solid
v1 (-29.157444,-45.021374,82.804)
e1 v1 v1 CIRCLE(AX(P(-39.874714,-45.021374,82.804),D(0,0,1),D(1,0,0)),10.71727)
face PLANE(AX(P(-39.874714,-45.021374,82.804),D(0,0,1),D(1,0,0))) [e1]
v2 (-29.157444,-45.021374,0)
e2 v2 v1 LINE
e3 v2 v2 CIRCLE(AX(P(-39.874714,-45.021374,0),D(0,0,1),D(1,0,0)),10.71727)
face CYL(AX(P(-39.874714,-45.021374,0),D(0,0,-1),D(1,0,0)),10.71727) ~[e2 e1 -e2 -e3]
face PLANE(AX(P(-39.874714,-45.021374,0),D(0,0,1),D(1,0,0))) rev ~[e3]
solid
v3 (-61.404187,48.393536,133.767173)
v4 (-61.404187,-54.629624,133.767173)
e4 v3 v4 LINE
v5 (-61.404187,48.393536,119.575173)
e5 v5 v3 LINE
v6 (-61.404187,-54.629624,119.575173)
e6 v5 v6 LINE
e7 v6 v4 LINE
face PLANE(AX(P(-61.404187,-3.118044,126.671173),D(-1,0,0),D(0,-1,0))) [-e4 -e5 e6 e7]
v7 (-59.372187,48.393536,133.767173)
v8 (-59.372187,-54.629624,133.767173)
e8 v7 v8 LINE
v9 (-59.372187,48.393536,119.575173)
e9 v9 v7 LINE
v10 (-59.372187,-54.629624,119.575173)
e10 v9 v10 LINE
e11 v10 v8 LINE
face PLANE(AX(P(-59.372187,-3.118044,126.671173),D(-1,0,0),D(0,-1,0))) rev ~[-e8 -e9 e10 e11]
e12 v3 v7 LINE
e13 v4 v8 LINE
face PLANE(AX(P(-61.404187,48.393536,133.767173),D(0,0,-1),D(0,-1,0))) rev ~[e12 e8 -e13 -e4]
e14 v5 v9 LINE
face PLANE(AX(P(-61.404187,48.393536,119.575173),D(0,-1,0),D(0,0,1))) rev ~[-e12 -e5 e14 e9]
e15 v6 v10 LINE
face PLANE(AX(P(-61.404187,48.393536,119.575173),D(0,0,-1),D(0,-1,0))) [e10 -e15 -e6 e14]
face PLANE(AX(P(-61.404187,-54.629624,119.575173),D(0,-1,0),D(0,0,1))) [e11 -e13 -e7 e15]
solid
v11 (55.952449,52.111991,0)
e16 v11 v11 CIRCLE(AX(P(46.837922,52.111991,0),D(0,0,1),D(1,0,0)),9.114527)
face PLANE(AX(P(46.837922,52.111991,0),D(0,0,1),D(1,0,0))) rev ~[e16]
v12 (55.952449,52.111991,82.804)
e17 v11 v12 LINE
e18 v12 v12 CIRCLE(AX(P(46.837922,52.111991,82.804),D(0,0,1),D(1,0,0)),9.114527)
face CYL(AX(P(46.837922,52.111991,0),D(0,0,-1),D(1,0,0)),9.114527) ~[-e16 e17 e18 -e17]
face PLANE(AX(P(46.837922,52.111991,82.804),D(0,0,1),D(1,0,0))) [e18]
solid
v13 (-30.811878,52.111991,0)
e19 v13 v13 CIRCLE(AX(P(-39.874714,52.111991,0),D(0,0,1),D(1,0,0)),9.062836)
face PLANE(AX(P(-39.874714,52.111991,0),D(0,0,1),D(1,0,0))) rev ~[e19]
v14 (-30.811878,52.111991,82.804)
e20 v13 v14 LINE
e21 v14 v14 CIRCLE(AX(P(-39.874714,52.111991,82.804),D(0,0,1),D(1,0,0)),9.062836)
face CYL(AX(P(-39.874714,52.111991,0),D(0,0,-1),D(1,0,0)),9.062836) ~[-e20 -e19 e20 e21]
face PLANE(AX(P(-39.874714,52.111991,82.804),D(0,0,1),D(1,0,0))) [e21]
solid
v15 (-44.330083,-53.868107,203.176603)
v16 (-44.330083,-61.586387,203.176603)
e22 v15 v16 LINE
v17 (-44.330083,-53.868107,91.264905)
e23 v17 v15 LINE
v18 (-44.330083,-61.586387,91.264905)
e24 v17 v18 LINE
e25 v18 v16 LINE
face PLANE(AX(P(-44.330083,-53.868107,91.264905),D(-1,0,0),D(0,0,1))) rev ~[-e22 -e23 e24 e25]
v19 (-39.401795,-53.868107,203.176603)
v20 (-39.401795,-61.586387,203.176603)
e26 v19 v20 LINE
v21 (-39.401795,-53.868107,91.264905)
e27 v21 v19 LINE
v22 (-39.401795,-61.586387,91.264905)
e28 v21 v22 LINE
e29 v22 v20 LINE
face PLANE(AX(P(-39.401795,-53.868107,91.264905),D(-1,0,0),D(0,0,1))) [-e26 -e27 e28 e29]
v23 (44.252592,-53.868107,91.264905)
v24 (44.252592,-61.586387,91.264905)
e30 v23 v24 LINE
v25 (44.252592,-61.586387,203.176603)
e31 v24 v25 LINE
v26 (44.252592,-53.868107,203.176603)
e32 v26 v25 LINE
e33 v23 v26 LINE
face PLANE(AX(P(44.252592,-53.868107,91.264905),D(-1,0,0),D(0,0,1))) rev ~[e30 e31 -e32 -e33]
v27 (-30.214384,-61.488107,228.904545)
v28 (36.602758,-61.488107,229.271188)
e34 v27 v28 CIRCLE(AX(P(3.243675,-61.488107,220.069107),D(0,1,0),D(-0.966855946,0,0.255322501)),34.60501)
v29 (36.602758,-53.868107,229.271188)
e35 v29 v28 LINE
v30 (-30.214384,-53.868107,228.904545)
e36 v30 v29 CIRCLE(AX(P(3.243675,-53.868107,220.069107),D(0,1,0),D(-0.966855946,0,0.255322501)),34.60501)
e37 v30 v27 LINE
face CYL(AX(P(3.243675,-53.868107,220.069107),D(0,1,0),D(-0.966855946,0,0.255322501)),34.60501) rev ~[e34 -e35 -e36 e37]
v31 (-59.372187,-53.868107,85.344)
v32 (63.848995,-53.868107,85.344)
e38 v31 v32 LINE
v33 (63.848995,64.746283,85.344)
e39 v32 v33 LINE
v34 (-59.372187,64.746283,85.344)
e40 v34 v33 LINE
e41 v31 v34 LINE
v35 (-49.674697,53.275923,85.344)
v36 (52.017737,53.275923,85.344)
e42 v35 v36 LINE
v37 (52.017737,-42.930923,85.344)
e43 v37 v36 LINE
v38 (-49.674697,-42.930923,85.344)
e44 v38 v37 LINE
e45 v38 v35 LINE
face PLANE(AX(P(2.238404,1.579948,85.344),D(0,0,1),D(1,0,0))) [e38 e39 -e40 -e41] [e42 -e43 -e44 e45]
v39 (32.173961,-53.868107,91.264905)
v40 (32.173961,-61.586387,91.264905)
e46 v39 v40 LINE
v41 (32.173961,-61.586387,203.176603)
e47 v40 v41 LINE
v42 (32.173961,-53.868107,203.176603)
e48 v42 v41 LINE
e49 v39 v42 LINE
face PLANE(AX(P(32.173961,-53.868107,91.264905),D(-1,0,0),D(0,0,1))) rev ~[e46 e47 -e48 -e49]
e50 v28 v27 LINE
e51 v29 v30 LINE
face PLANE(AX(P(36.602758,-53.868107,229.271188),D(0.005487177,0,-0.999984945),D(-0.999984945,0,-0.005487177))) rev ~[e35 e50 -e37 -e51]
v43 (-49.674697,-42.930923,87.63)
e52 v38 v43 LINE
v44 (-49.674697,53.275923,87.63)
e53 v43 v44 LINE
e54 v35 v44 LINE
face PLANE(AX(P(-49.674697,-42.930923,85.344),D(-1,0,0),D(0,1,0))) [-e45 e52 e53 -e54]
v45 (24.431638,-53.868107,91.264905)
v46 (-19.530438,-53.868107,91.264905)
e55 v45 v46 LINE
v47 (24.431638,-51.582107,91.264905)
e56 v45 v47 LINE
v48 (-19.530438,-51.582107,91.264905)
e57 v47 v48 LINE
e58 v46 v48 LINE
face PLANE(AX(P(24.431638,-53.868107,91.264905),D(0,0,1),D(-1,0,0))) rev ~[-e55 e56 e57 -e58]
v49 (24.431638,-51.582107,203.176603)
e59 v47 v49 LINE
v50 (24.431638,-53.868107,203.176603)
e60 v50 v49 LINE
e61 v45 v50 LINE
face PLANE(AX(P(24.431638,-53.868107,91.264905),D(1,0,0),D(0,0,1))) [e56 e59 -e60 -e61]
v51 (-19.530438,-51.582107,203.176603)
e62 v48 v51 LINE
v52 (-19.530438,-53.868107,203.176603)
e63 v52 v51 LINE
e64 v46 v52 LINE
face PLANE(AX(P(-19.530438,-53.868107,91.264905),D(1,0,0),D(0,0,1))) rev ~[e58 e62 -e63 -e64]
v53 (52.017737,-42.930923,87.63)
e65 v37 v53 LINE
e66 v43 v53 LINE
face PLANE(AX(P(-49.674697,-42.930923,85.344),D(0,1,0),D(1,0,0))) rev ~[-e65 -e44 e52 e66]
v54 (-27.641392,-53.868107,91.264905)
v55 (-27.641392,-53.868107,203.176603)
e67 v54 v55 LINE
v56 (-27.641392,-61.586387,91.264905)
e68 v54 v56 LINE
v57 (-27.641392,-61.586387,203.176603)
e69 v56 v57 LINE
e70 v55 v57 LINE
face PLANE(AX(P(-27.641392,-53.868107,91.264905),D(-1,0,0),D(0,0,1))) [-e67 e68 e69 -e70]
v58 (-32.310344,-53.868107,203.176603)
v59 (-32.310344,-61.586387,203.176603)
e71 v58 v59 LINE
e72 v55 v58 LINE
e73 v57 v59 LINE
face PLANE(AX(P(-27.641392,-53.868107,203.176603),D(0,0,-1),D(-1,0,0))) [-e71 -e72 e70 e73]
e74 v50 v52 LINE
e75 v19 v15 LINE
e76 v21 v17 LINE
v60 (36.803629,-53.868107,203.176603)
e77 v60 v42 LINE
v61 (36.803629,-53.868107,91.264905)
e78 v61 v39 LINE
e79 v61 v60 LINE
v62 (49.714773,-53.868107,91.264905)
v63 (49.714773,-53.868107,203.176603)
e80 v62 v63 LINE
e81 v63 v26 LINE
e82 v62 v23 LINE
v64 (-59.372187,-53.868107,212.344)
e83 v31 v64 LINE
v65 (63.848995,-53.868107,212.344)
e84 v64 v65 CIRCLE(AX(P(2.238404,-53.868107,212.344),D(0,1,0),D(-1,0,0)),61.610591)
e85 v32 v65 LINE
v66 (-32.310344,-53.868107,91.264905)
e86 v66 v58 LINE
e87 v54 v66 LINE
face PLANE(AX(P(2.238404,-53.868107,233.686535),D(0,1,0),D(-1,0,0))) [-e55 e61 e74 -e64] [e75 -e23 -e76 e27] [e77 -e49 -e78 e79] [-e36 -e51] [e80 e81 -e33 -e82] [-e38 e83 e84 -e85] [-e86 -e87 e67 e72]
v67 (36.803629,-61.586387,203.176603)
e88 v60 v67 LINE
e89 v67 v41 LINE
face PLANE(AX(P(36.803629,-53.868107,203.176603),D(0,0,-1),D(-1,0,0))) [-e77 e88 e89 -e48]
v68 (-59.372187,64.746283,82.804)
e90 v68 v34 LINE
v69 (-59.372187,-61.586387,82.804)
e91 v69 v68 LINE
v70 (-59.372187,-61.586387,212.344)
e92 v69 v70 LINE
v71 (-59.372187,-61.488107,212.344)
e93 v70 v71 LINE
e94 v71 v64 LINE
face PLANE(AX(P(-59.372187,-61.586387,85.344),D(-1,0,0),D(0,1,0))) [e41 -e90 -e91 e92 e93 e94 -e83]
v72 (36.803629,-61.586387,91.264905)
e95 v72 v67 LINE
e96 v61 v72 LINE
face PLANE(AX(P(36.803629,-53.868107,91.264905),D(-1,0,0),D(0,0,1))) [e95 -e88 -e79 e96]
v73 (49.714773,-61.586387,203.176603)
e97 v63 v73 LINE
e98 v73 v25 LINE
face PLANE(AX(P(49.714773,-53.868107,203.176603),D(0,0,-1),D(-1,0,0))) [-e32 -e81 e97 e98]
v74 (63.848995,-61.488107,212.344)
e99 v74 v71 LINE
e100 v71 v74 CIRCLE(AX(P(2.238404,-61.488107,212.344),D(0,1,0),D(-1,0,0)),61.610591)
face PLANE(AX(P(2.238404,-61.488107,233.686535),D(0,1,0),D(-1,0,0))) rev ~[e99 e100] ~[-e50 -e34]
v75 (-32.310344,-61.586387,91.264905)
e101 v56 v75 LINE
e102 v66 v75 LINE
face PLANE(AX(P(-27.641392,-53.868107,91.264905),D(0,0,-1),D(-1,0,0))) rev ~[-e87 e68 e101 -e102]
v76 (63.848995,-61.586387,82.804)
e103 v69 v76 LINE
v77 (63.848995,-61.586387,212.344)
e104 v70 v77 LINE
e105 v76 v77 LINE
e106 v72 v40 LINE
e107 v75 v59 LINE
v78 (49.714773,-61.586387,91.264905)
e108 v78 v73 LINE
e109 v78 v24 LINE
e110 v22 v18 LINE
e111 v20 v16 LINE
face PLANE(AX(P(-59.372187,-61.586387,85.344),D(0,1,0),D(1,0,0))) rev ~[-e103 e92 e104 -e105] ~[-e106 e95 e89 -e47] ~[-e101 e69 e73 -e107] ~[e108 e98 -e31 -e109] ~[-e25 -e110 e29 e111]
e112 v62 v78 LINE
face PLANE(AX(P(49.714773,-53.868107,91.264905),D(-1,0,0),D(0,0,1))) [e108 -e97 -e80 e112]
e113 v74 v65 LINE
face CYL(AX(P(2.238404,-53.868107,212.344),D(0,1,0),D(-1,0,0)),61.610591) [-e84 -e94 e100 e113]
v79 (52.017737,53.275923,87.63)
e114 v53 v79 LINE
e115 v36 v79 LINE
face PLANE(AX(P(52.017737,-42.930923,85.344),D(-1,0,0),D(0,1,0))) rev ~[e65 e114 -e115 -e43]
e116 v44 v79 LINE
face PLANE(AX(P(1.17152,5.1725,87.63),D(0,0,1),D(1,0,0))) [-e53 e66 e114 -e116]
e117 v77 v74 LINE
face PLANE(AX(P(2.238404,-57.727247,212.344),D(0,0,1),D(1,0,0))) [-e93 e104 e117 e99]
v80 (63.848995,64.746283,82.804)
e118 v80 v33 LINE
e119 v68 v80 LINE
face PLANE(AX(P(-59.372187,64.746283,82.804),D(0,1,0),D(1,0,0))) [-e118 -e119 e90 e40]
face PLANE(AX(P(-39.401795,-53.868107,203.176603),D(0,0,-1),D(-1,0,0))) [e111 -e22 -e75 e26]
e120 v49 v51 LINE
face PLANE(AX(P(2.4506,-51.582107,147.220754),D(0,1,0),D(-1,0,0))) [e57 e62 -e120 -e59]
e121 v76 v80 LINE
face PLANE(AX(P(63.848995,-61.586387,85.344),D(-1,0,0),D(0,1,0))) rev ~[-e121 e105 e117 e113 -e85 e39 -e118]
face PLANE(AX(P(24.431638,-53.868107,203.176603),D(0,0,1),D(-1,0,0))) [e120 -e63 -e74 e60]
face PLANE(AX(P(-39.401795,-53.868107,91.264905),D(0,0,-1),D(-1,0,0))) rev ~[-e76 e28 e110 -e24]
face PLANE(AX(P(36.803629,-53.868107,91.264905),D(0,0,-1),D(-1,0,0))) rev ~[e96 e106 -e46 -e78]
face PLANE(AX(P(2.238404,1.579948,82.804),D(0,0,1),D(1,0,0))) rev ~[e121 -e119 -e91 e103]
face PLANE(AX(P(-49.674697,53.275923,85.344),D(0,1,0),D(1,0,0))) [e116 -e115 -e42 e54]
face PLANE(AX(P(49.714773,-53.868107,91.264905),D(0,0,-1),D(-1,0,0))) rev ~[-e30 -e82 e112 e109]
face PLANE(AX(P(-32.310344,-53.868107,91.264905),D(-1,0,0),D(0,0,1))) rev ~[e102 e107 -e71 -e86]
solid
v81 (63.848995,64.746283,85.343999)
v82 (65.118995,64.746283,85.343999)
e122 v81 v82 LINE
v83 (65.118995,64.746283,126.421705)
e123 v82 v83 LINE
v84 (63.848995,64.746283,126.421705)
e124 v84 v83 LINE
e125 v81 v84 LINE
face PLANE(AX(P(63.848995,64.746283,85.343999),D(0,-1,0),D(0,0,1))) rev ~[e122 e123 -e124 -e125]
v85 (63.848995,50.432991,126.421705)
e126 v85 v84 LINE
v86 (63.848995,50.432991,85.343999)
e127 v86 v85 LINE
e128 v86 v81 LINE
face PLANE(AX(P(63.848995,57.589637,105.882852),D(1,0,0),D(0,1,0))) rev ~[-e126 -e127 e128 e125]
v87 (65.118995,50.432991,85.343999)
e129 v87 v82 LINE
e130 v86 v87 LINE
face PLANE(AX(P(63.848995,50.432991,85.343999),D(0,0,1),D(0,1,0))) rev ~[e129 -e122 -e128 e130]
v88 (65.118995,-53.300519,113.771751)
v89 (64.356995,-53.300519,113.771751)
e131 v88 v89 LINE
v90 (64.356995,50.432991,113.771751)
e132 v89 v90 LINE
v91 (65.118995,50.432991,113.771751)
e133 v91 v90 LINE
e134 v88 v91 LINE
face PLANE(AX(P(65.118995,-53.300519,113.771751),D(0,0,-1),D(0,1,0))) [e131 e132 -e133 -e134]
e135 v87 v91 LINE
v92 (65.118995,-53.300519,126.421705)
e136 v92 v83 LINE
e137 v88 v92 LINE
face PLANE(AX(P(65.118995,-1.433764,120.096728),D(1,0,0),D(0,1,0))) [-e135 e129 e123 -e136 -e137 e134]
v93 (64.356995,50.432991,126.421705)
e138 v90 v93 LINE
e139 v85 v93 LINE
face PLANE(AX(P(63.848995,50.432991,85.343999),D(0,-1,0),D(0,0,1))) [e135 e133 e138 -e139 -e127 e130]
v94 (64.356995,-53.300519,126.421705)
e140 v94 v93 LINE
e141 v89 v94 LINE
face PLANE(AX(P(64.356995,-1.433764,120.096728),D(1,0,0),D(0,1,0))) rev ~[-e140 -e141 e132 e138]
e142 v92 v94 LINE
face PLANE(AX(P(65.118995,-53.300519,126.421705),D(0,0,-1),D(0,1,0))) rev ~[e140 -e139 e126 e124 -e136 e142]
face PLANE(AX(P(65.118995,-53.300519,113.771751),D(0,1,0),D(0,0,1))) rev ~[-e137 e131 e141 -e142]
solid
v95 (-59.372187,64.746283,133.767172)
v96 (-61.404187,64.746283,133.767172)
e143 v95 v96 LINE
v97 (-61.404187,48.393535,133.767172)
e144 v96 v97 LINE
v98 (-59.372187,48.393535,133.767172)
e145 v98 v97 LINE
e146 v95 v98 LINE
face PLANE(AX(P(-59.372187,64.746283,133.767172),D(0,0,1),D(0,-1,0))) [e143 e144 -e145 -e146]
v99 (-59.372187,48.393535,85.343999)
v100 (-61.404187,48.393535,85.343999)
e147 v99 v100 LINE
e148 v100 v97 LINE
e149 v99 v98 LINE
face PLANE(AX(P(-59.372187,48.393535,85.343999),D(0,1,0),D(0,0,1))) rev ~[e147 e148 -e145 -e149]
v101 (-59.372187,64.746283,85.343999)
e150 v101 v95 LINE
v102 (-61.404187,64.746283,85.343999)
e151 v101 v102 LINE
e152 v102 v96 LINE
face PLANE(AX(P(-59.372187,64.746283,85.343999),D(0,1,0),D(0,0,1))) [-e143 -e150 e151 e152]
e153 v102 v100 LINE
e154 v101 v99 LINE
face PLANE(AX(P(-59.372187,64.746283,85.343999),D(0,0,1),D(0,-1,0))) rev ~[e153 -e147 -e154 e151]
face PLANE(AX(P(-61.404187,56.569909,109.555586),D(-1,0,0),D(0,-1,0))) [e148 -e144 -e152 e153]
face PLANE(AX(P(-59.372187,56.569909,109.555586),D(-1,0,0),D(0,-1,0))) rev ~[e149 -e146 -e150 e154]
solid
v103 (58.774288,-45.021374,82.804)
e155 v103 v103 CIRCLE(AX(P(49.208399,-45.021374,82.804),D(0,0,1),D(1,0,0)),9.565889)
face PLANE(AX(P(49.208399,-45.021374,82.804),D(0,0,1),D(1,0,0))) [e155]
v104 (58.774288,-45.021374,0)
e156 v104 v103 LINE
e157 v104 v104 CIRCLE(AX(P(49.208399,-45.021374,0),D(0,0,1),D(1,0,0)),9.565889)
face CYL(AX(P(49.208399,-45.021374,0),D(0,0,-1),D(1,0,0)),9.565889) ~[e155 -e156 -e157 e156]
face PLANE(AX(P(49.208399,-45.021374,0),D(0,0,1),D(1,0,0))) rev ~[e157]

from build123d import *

# Parameters (mm, degrees)
F0_R      = 9.062836
F0_R_2    = 10.71727
F0_R_3    = 9.565889
F0_R_4    = 9.114527
F1_DEPTH  = 82.804
F2_W      = 111.410721
F2_H      = 195.24283
F3_DEPTH  = 3.556
F5_W      = 90.162061
F5_H      = 141.660735
F6_DEPTH  = 2.032
F8_W      = 123.221182
F8_H      = 126.33267
F9_DEPTH  = 2.54
F10_W     = 123.221182
F10_H     = 7.71828
F11_DEPTH = 127
F12_W     = 5.462181
F12_H     = 111.911699
F13_DEPTH = 25.4
F14_W     = 4.629668
F14_H     = 111.911699
F15_DEPTH = 25.4
F16_W     = 4.928287
F16_H     = 111.911699
F17_DEPTH = 25.4
F18_W     = 4.668951
F18_H     = 111.911699
F19_DEPTH = 25.4
F20_W     = 14.313292
F20_H     = 41.077705
F21_DEPTH = 1.27
F22_W     = 103.73351
F22_H     = 12.649953
F23_DEPTH = 0.762
F24_W     = 16.352747
F24_H     = 48.423173
F25_DEPTH = 2.032
F26_W     = 103.02316
F26_H     = 14.192
F27_DEPTH = 2.032
F29_DEPTH = 7.62
F31_DEPTH = 25.4
F32_W     = 101.692434
F32_H     = 96.206847
F33_DEPTH = 2.286
F34_W     = 43.962076
F34_H     = 111.911699
F35_DEPTH = 2.286


with BuildPart() as f1:
    # F0 (on Top) → F1 (new body)
    with BuildSketch(Plane.XY):
        with Locations((-39.874714, 52.111991)):
            Circle(F0_R)
        with Locations((-39.874714, -45.021374)):
            Circle(F0_R_2)
        with Locations((49.208399, -45.021374)):
            Circle(F0_R_3)
        with Locations((46.837922, 52.111991)):
            Circle(F0_R_4)
    extrude(amount=F1_DEPTH)


with BuildPart() as f3:
    # F2 (on Top) → F3 (new body)
    with BuildSketch(Plane.XY):
        with Locations((67.96772, 198.11162)):
            Rectangle(F2_W, F2_H)
    extrude(amount=F3_DEPTH)


with BuildPart() as f6:
    # F5 (on Top) → F6 (new body)
    with BuildSketch(Plane.XY):
        with Locations((151.967335, 70.830367)):
            Rectangle(F5_W, F5_H)
    extrude(amount=F6_DEPTH)


with BuildPart() as f9:
    # F8 (on face) → F9 (new body)
    with BuildSketch(Plane.XY.offset(82.804)):
        with Locations((2.238404, 1.579948)):
            Rectangle(F8_W, F8_H)
    extrude(amount=F9_DEPTH)

    # F10 (on face) → F11 (join)
    with BuildSketch(Plane.XY.offset(85.344)):
        with Locations((2.238404, -57.727247)):
            Rectangle(F10_W, F10_H)
    extrude(amount=F11_DEPTH)

    # F12 (on face) → F13 (cut)
    with BuildSketch(Plane(origin=(0, -53.868107, 0), x_dir=(-1, 0, 0), z_dir=(0, 1, 0))):
        with Locations((-46.983683, 147.220754)):
            Rectangle(F12_W, F12_H)
    extrude(amount=-F13_DEPTH, mode=Mode.SUBTRACT)

    # F14 (on face) → F15 (cut)
    with BuildSketch(Plane(origin=(0, -53.868107, 0), x_dir=(-1, 0, 0), z_dir=(0, 1, 0))):
        with Locations((-34.488795, 147.220754)):
            Rectangle(F14_W, F14_H)
    extrude(amount=-F15_DEPTH, mode=Mode.SUBTRACT)

    # F16 (on face) → F17 (cut)
    with BuildSketch(Plane(origin=(0, -53.868107, 0), x_dir=(-1, 0, 0), z_dir=(0, 1, 0))):
        with Locations((41.865939, 147.220754)):
            Rectangle(F16_W, F16_H)
    extrude(amount=-F17_DEPTH, mode=Mode.SUBTRACT)

    # F18 (on face) → F19 (cut)
    with BuildSketch(Plane(origin=(0, -53.868107, 0), x_dir=(-1, 0, 0), z_dir=(0, 1, 0))):
        with Locations((29.975868, 147.220754)):
            Rectangle(F18_W, F18_H)
    extrude(amount=-F19_DEPTH, mode=Mode.SUBTRACT)

    # F28 (on face) → F29 (join)
    with BuildSketch(Plane(origin=(0, -53.868107, 0), x_dir=(-1, 0, 0), z_dir=(0, 1, 0))):
        with BuildLine():
            Line((-63.848995, 212.344), (59.372187, 212.344))
            ThreePointArc((59.372187, 212.344), (-2.238404, 273.954591), (-63.848995, 212.344))
        make_face()
    extrude(amount=-F29_DEPTH)

    # F30 (on face) → F31 (cut)
    with BuildSketch(Plane(origin=(0, -53.868107, 0), x_dir=(-1, 0, 0), z_dir=(0, 1, 0))):
        with BuildLine():
            Line((-36.602758, 229.271188), (30.214384, 228.904545))
            ThreePointArc((30.214384, 228.904545), (-3.053791, 254.673596), (-36.602758, 229.271188))
        make_face()
    extrude(amount=-F31_DEPTH, mode=Mode.SUBTRACT)

    # F32 (on face) → F33 (join)
    with BuildSketch(Plane.XY.offset(85.344)):
        with Locations((1.17152, 5.1725)):
            Rectangle(F32_W, F32_H)
    extrude(amount=F33_DEPTH)

    # F34 (on face) → F35 (join)
    with BuildSketch(Plane(origin=(0, -53.868107, 0), x_dir=(-1, 0, 0), z_dir=(0, 1, 0))):
        with Locations((-2.4506, 147.220754)):
            Rectangle(F34_W, F34_H)
    extrude(amount=F35_DEPTH)


with BuildPart() as f21:
    # F20 (on face) → F21 (new body)
    with BuildSketch(Plane.YZ.offset(63.848995)):
        with Locations((57.589637, 105.882852)):
            Rectangle(F20_W, F20_H)
    extrude(amount=F21_DEPTH)

    # F22 (on face) → F23 (join)
    with BuildSketch(Plane.YZ.offset(65.118995)):
        with Locations((-1.433764, 120.096728)):
            Rectangle(F22_W, F22_H)
    extrude(amount=-F23_DEPTH)


with BuildPart() as f25:
    # F24 (on face) → F25 (new body)
    with BuildSketch(Plane(origin=(-59.372187, 0, 0), x_dir=(0, -1, 0), z_dir=(-1, 0, 0))):
        with Locations((-56.569909, 109.555586)):
            Rectangle(F24_W, F24_H)
    extrude(amount=F25_DEPTH)


with BuildPart() as f27:
    # F26 (on face) → F27 (new body)
    with BuildSketch(Plane(origin=(-61.404187, 0, 0), x_dir=(0, -1, 0), z_dir=(-1, 0, 0))):
        with Locations((3.118044, 126.671173)):
            Rectangle(F26_W, F26_H)
    extrude(amount=-F27_DEPTH)


solid = Compound([f1.part, f9.part, f21.part, f25.part, f27.part])
